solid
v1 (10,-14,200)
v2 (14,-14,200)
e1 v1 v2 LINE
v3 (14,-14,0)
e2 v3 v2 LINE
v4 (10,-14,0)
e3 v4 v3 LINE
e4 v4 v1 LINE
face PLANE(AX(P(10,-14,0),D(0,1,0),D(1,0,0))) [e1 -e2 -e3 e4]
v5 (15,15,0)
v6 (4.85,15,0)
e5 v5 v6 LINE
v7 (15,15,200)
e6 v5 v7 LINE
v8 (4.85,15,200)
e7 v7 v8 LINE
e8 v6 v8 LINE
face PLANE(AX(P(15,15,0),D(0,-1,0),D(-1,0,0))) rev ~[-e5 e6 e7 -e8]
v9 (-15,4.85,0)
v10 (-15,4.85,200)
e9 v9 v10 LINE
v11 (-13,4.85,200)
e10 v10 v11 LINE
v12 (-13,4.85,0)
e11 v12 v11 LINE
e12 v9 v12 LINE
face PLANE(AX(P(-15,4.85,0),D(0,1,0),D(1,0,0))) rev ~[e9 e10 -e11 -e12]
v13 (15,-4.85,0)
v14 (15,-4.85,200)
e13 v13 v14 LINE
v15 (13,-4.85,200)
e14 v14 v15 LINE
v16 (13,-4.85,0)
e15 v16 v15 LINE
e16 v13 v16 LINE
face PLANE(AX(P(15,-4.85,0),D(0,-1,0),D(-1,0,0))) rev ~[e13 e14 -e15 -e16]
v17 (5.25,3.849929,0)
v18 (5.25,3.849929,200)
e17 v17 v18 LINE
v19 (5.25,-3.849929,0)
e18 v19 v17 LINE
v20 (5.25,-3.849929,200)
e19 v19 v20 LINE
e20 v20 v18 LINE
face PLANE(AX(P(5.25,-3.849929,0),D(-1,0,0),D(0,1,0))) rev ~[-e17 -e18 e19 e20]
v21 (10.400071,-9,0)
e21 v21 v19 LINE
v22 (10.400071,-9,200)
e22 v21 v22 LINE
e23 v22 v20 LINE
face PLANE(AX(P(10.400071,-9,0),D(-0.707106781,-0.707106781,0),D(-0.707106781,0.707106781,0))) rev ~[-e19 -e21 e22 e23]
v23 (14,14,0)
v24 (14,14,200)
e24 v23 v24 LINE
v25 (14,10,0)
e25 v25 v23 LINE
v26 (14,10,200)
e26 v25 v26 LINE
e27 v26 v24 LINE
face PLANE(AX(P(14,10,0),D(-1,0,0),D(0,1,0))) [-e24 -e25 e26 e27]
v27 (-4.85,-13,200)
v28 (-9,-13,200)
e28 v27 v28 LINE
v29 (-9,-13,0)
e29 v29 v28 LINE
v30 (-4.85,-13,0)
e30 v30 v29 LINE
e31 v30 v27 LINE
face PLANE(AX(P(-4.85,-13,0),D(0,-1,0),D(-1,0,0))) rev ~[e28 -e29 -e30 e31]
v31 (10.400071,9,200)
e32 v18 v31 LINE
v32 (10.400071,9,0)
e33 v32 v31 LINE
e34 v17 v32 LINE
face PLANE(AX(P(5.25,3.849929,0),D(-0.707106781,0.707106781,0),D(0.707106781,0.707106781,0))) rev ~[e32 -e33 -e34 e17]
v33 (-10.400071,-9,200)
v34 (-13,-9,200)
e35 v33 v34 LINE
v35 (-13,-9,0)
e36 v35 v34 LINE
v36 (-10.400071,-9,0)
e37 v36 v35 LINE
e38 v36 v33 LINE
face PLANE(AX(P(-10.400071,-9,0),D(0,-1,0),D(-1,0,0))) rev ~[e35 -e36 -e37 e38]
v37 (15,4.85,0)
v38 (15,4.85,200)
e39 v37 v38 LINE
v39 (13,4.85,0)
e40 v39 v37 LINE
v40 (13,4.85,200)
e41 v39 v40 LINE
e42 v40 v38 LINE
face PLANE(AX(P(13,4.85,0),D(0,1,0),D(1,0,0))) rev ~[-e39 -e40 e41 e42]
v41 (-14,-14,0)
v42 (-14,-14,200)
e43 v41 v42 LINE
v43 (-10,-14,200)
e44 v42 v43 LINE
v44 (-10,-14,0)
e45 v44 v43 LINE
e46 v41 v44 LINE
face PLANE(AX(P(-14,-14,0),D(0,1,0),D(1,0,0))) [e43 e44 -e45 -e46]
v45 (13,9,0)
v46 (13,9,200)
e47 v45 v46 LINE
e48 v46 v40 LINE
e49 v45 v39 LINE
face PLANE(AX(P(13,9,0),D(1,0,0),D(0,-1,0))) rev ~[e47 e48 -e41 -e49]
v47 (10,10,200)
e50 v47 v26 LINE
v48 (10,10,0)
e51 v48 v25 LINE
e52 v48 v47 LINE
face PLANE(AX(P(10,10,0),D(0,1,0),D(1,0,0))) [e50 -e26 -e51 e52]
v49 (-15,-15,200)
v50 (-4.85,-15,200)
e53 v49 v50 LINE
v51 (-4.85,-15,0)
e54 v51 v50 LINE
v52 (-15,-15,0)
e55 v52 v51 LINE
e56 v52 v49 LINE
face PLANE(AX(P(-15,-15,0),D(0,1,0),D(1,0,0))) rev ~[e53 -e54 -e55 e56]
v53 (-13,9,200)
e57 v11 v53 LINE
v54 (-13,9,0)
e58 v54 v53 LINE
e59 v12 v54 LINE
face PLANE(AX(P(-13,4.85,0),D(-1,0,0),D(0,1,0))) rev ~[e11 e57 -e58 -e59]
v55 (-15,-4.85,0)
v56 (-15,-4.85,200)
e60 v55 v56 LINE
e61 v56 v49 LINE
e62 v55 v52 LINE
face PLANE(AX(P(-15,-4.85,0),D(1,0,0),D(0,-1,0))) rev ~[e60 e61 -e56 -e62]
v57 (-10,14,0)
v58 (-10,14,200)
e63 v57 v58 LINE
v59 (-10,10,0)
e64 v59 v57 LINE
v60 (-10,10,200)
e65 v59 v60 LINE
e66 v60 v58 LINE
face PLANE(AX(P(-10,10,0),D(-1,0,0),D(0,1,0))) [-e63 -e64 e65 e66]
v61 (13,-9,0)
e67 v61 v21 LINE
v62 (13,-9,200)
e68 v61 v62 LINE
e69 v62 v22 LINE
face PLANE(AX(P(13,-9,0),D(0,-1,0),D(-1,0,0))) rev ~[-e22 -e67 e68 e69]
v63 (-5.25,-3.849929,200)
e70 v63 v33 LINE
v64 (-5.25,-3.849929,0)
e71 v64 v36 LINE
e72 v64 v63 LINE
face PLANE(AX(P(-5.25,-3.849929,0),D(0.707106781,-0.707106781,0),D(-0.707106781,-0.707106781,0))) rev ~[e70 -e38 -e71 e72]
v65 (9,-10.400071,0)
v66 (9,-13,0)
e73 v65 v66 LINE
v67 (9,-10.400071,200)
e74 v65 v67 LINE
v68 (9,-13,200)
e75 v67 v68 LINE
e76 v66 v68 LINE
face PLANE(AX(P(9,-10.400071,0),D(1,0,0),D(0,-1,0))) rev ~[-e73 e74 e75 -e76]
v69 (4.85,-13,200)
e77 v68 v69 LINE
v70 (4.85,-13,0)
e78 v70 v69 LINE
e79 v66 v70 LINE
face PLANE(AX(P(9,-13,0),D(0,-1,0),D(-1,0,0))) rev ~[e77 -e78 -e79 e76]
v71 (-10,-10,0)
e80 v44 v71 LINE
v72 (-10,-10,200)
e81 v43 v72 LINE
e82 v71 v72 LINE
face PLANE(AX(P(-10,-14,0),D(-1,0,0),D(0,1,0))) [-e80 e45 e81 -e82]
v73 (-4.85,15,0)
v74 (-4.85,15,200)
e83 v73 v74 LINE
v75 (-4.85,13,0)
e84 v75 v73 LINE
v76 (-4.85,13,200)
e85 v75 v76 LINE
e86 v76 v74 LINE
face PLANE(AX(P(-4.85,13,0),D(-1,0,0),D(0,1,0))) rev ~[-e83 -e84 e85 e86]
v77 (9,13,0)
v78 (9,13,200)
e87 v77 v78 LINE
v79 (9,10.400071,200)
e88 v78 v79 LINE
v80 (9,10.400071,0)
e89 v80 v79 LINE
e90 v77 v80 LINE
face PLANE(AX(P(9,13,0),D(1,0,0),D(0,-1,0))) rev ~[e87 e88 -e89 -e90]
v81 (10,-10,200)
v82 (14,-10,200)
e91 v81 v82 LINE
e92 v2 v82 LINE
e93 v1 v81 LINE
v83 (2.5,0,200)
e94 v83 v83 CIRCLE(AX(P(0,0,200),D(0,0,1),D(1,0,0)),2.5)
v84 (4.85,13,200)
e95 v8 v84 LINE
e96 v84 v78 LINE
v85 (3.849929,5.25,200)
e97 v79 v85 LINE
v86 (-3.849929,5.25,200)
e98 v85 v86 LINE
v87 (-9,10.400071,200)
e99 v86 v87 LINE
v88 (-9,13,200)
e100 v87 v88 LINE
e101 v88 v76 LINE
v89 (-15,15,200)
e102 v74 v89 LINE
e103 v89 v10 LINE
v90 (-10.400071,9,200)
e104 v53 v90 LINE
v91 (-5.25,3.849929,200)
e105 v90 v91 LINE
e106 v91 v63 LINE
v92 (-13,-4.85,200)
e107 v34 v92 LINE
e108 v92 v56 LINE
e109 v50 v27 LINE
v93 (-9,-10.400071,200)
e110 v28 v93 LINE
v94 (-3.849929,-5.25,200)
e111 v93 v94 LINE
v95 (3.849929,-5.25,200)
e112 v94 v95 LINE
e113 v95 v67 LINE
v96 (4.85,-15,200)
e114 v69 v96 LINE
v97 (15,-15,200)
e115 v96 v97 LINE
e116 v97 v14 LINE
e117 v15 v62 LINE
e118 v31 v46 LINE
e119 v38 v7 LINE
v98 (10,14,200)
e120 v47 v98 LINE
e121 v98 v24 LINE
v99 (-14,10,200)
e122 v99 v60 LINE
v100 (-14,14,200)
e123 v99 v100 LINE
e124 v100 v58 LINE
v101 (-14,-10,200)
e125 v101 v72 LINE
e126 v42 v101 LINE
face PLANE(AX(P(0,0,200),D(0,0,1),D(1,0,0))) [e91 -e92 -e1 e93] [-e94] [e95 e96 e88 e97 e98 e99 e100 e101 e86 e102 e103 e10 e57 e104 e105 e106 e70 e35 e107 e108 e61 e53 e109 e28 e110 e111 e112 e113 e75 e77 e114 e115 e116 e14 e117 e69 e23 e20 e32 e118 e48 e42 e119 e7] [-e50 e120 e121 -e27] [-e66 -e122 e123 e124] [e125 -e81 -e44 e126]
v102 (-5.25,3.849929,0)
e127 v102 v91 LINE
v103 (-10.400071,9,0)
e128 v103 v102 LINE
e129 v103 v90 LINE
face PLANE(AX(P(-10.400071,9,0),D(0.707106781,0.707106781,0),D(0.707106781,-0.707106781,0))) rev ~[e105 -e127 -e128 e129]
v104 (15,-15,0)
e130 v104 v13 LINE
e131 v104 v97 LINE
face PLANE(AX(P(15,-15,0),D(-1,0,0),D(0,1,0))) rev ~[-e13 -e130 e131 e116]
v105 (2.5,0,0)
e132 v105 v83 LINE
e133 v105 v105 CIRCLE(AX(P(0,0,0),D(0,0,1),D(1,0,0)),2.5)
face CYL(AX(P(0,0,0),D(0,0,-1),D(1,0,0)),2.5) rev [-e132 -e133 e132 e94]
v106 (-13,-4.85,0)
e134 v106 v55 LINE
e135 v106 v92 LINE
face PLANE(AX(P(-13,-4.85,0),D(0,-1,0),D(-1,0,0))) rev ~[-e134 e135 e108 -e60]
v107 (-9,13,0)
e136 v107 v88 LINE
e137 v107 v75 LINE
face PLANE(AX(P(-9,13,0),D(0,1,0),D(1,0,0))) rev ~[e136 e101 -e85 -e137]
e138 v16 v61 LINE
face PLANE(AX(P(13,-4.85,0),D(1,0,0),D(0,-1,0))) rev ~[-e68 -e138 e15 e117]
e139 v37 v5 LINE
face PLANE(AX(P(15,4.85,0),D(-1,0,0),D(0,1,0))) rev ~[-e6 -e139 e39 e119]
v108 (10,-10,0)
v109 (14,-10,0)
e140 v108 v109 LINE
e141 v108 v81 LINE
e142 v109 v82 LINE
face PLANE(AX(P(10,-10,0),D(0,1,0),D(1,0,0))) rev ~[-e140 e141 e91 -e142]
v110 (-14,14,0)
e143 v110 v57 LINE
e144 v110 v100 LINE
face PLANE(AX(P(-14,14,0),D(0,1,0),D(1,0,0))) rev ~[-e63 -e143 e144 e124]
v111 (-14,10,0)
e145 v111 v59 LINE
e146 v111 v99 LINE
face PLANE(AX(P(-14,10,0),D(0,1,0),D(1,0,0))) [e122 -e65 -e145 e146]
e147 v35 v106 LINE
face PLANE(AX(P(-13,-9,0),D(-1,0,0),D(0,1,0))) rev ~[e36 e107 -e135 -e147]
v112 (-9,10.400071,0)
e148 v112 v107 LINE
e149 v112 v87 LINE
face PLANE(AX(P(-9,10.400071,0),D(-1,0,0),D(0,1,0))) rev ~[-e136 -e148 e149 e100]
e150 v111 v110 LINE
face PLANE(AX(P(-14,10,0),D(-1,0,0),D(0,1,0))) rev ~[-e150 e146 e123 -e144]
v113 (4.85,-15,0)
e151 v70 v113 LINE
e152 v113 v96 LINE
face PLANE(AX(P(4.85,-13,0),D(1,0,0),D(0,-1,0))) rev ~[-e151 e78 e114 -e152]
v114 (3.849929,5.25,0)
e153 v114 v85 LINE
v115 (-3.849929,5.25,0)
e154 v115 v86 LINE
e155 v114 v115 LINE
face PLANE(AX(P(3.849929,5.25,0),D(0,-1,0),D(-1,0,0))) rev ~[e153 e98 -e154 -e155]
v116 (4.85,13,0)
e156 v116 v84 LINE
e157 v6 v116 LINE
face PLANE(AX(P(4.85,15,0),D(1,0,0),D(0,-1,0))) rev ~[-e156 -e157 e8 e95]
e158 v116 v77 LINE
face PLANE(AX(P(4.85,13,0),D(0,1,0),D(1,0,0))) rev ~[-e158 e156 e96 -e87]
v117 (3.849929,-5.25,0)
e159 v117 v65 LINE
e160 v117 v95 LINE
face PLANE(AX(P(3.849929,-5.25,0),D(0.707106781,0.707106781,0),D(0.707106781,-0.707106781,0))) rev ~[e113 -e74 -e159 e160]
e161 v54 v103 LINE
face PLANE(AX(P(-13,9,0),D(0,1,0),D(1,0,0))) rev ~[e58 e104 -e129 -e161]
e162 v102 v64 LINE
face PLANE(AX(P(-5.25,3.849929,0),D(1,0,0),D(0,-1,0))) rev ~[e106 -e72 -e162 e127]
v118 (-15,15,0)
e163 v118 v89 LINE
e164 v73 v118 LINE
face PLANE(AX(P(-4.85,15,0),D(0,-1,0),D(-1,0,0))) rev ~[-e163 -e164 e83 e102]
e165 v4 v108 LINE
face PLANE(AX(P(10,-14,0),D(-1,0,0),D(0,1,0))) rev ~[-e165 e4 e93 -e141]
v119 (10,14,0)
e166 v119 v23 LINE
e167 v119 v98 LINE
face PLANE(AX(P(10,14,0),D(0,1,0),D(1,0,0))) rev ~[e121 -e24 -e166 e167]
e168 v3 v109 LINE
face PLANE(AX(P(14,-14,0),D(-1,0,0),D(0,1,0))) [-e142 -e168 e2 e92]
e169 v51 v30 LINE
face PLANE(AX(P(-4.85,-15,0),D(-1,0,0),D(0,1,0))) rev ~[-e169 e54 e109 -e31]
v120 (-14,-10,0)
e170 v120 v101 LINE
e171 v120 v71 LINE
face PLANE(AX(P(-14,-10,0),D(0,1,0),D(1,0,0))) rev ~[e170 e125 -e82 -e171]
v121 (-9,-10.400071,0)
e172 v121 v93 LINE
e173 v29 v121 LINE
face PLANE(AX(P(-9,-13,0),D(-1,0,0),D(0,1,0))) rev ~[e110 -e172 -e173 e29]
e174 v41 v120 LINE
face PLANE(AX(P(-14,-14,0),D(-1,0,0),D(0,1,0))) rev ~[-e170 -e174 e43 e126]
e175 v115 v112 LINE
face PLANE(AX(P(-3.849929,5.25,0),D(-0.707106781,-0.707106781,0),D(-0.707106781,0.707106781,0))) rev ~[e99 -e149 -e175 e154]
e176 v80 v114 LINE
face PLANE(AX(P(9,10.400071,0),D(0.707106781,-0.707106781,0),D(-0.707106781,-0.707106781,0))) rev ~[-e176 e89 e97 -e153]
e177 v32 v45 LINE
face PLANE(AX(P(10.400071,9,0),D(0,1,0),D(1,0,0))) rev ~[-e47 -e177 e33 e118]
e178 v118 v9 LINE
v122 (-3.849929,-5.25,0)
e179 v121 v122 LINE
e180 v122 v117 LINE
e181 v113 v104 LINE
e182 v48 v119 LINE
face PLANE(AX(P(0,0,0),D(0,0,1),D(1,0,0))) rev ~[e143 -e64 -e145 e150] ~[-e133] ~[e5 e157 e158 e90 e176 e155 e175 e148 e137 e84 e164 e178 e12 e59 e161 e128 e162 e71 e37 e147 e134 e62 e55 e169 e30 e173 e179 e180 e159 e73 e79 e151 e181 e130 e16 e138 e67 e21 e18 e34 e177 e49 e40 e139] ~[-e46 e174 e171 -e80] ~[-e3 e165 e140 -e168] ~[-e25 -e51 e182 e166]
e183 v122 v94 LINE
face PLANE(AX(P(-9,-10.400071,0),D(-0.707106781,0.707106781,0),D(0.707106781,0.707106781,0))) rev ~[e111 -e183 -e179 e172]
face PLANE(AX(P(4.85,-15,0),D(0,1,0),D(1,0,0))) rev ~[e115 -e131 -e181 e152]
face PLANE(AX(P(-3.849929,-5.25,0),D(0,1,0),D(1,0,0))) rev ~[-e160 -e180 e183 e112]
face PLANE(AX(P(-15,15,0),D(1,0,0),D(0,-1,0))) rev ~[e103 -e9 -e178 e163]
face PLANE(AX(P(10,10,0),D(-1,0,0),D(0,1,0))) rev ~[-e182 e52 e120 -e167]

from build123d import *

# Parameters (mm, degrees)
SKETCH2_R           = 2.5
SKETCH2_W           = 4
SKETCH2_H           = 4
BOSS_EXTRUDE1_DEPTH = 200


with BuildPart() as part:
    # Sketch2 → Boss-Extrude1 (new body)
    with BuildSketch(Plane.XY):
        Polygon((-10.400071427, 9), (-5.25, 3.849928573), (-5.25, 0), (-5.25, -3.849928573), (-10.400071427, -9), (-13, -9), (-13, -4.85), (-15, -4.85), (-15, -9), (-15, -15), (-9, -15), (-4.85, -15), (-4.85, -13), (-9, -13), (-9, -10.400071427), (-3.849928573, -5.25), (0, -5.25), (3.849928573, -5.25), (9, -10.400071427), (9, -13), (4.85, -13), (4.85, -15), (9, -15), (15, -15), (15, -9), (15, -4.85), (13, -4.85), (13, -9), (10.400071427, -9), (5.25, -3.849928573), (5.25, 0), (5.25, 3.849928573), (10.400071427, 9), (13, 9), (13, 4.85), (15, 4.85), (15, 9), (15, 15), (9, 15), (4.85, 15), (4.85, 13), (9, 13), (9, 10.400071427), (3.849928573, 5.25), (0, 5.25), (-3.849928573, 5.25), (-9, 10.400071427), (-9, 13), (-4.85, 13), (-4.85, 15), (-9, 15), (-15, 15), (-15, 9), (-15, 4.85), (-13, 4.85), (-13, 9), align=None)
        Circle(SKETCH2_R, mode=Mode.SUBTRACT)
        with Locations((-12, 12)):
            Rectangle(SKETCH2_W, SKETCH2_H, mode=Mode.SUBTRACT)
        with Locations((12, 12)):
            Rectangle(SKETCH2_W, SKETCH2_H, mode=Mode.SUBTRACT)
        with Locations((12, -12)):
            Rectangle(SKETCH2_W, SKETCH2_H, mode=Mode.SUBTRACT)
        with Locations((-12, -12)):
            Rectangle(SKETCH2_W, SKETCH2_H, mode=Mode.SUBTRACT)
    extrude(amount=BOSS_EXTRUDE1_DEPTH)


solid = part.part
